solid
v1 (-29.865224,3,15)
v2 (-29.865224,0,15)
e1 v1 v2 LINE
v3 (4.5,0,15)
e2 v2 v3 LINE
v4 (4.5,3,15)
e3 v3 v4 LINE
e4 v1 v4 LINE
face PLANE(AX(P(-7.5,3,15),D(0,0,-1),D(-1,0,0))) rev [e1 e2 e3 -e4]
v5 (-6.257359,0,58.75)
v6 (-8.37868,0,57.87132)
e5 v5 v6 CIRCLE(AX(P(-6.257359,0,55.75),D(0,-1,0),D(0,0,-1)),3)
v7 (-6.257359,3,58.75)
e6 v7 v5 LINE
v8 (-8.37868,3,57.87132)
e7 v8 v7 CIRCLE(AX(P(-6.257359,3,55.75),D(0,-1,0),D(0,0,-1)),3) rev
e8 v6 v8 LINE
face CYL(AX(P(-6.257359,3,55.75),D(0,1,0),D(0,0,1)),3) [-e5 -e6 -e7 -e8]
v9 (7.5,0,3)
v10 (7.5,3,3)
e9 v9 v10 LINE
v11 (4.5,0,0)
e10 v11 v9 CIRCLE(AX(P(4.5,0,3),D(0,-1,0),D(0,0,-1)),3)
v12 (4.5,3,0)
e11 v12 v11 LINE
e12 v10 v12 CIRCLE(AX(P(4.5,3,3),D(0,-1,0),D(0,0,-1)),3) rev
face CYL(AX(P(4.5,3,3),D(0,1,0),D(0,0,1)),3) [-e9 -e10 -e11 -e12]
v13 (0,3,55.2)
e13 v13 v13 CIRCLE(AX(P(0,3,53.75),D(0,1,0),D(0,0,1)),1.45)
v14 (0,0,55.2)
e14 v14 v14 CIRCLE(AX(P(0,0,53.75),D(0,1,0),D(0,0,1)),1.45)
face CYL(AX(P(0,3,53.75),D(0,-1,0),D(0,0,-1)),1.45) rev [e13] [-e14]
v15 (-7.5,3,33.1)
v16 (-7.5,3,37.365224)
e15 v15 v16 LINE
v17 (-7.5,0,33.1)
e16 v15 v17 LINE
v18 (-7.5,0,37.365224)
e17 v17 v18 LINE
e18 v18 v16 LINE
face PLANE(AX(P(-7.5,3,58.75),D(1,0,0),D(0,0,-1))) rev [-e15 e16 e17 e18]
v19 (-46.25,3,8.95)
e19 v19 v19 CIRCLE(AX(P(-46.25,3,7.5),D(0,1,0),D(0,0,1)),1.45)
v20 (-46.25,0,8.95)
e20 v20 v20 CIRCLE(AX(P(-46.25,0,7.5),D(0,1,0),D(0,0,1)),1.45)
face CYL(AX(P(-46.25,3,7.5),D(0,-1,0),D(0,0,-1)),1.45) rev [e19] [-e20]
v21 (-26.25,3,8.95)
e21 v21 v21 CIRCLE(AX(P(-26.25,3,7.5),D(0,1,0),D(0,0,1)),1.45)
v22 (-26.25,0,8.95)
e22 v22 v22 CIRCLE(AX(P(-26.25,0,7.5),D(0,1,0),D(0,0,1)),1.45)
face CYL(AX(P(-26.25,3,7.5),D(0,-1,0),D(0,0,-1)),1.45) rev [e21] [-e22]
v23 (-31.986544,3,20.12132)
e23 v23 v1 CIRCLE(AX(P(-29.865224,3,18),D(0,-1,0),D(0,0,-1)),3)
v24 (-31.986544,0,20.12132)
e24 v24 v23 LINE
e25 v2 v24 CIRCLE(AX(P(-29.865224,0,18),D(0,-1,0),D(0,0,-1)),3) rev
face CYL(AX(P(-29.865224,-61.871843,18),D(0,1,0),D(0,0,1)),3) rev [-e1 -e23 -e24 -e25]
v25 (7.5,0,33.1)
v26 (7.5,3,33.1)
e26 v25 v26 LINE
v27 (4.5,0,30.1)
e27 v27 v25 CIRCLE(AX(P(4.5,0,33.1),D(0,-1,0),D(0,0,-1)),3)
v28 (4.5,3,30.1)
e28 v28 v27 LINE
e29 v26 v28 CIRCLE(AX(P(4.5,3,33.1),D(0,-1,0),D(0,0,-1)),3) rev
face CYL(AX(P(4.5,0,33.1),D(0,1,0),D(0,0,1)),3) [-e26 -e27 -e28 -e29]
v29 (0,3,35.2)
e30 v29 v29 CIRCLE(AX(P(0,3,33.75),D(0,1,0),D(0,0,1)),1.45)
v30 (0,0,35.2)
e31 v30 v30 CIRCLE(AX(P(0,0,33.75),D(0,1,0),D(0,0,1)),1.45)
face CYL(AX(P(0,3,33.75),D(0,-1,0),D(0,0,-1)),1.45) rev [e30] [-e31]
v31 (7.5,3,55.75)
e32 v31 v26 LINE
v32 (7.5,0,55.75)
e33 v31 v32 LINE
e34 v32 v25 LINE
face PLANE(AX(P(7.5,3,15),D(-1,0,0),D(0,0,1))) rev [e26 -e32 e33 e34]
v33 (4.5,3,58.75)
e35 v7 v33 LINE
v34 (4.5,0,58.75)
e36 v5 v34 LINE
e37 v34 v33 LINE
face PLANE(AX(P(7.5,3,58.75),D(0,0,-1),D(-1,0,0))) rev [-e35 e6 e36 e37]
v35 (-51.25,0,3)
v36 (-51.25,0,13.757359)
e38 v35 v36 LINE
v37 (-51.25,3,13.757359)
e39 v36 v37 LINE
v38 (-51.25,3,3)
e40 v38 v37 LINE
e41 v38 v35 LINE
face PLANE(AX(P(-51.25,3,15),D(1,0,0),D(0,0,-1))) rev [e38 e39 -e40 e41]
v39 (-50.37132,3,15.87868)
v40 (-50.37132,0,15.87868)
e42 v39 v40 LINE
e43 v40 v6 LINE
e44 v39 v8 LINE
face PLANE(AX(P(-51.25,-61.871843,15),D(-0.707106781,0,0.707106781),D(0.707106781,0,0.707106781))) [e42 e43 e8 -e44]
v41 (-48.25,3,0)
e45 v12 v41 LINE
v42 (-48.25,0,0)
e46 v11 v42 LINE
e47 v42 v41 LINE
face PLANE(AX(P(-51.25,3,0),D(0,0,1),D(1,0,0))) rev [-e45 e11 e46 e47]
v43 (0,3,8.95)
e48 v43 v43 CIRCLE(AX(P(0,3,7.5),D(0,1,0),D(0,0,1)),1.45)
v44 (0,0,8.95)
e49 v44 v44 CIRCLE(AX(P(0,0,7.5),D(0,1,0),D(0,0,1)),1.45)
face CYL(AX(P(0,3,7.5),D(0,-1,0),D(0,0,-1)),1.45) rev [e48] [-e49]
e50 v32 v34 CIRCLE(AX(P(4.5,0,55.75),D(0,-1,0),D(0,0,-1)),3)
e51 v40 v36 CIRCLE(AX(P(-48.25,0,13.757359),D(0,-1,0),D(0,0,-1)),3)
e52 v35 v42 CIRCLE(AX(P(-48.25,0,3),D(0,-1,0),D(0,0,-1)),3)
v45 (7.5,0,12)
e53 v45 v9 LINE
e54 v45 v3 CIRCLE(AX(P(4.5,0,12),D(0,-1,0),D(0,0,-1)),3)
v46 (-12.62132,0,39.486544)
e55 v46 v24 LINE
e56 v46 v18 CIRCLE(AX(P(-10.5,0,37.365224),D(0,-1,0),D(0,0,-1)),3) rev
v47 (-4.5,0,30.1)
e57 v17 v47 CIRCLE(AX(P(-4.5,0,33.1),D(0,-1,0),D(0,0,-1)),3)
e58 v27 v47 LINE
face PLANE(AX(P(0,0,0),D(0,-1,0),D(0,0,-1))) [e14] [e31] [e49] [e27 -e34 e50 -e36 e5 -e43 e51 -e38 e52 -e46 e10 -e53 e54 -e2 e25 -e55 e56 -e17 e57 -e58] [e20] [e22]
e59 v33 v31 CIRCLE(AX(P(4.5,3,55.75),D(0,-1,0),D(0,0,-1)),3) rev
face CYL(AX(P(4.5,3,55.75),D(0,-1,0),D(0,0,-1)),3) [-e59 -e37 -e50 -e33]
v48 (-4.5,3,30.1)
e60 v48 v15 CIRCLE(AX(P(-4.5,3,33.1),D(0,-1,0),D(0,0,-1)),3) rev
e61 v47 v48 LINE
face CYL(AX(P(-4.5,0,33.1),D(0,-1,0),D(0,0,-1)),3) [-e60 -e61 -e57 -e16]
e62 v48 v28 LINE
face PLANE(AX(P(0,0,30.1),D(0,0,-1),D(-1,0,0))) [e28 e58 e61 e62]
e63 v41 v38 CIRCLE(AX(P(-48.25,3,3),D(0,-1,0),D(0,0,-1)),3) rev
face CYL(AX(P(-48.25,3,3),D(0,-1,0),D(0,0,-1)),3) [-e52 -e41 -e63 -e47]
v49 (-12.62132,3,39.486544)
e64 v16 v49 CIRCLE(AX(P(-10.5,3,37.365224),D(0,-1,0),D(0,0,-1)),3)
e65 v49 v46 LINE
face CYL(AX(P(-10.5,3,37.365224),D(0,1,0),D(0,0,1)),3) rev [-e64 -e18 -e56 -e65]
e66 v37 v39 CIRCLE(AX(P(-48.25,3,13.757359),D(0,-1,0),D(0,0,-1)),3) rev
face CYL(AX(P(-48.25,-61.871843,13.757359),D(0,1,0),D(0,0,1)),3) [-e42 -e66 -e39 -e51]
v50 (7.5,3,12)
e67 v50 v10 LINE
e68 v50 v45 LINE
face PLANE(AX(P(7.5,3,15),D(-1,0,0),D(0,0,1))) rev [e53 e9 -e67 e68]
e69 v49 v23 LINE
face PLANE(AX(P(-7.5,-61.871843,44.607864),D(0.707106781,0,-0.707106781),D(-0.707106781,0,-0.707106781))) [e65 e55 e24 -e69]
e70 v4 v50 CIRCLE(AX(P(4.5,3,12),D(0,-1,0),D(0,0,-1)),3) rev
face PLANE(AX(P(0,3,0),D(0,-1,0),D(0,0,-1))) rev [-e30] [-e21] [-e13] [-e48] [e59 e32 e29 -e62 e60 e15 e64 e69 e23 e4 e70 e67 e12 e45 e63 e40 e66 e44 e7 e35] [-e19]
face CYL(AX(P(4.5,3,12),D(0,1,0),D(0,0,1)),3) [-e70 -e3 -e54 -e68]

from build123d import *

# Parameters (mm, degrees)
SKETCH_1_R          = 1.45
EXTRUDE_1_DEPTH     = 3
EXTRUDE_2_DEPTH     = 3
SKETCH_4_W          = 43.75
SKETCH_4_H          = 58.75
CUT_EXTRUDE_2_DEPTH = 79.02002948
SKETCH_5_W          = 15
SKETCH_5_H          = 15
CUT_EXTRUDE_3_DEPTH = 79.02002948
SKETCH_6_W          = 15
SKETCH_6_H          = 3
CUT_EXTRUDE_4_DEPTH = 0.1
FILLET_1_R          = 3


with BuildPart() as part:
    # 草图1 → 凸台-拉伸1 (new body)
    with BuildSketch(Plane(origin=(0, 0, 0), x_dir=(1, 0, 0), z_dir=(0, 1, 0))):
        Polygon((-51.25, 0), (0, 0), (51.25, 0), (51.25, -15), (7.5, -15), (7.5, -58.75), (-7.5, -58.75), (-7.5, -15), (-51.25, -15), align=None)
        with Locations(Location((0, -7.5, 0), (0, 0, 270))):
            Circle(SKETCH_1_R, mode=Mode.SUBTRACT)
        with Locations(Location((0, -33.75, 0), (0, 0, 270))):
            Circle(SKETCH_1_R, mode=Mode.SUBTRACT)
        with Locations(Location((0, -53.75, 0), (0, 0, 270))):
            Circle(SKETCH_1_R, mode=Mode.SUBTRACT)
        with Locations(Location((-26.25, -7.5, 0), (0, 0, 270))):
            Circle(SKETCH_1_R, mode=Mode.SUBTRACT)
        with Locations(Location((-46.25, -7.5, 0), (0, 0, 270))):
            Circle(SKETCH_1_R, mode=Mode.SUBTRACT)
        with Locations(Location((46.25, -7.5, 0), (0, 0, 90))):
            Circle(SKETCH_1_R, mode=Mode.SUBTRACT)
        with Locations(Location((26.25, -7.5, 0), (0, 0, 90))):
            Circle(SKETCH_1_R, mode=Mode.SUBTRACT)
    extrude(amount=EXTRUDE_1_DEPTH)

    # 草图2 → 凸台-拉伸2 (add)
    with BuildSketch(Plane(origin=(0, 3, 0), x_dir=(1, 0, 0), z_dir=(0, 1, 0))):
        Polygon((-51.25, -15), (-7.5, -58.75), (-7.5, -44.607864376), (-37.107864376, -15), align=None)
        Polygon((37.107864376, -15), (51.25, -15), (7.5, -58.75), (7.5, -44.607864376), align=None)
    extrude(amount=-EXTRUDE_2_DEPTH)

    # 草图4 → 切除-拉伸2 (cut, through all)
    with BuildSketch(Plane(origin=(0, 3, 0), x_dir=(1, 0, 0), z_dir=(0, 1, 0))):
        with Locations((29.375, -29.375)):
            Rectangle(SKETCH_4_W, SKETCH_4_H)
    extrude(amount=-CUT_EXTRUDE_2_DEPTH, mode=Mode.SUBTRACT)

    # 草图5 → 切除-拉伸3 (cut, through all)
    with BuildSketch(Plane(origin=(0, 3, 0), x_dir=(1, 0, 0), z_dir=(0, 1, 0))):
        with Locations((0, -22.5)):
            Rectangle(SKETCH_5_W, SKETCH_5_H)
    extrude(amount=-CUT_EXTRUDE_3_DEPTH, mode=Mode.SUBTRACT)

    # 草图6 → 切除-拉伸4 (cut)
    with BuildSketch(Plane(origin=(0, 0, 30), x_dir=(-1, 0, 0), z_dir=(0, 0, -1))):
        with Locations((0, 1.5)):
            Rectangle(SKETCH_6_W, SKETCH_6_H)
    extrude(amount=-CUT_EXTRUDE_4_DEPTH, mode=Mode.SUBTRACT)

    # 圆角1
    fillet_1_edges = [part.edges().sort_by_distance(p)[0] for p in [
        (7.5, 1.5, 15),
        (-7.5, 1.5, 30.1),
        (7.5, 1.5, 30.1),
        (-51.25, 1.5, 0),
        (7.5, 1.5, 58.75),
        (-7.5, 1.5, 58.75),
        (-51.25, 1.5, 15),
        (-7.5, 1.5, 44.607864376),
        (-37.107864376, 1.5, 15),
        (7.5, 1.5, 0),
    ]]
    fillet(fillet_1_edges, radius=FILLET_1_R)


solid = part.part
